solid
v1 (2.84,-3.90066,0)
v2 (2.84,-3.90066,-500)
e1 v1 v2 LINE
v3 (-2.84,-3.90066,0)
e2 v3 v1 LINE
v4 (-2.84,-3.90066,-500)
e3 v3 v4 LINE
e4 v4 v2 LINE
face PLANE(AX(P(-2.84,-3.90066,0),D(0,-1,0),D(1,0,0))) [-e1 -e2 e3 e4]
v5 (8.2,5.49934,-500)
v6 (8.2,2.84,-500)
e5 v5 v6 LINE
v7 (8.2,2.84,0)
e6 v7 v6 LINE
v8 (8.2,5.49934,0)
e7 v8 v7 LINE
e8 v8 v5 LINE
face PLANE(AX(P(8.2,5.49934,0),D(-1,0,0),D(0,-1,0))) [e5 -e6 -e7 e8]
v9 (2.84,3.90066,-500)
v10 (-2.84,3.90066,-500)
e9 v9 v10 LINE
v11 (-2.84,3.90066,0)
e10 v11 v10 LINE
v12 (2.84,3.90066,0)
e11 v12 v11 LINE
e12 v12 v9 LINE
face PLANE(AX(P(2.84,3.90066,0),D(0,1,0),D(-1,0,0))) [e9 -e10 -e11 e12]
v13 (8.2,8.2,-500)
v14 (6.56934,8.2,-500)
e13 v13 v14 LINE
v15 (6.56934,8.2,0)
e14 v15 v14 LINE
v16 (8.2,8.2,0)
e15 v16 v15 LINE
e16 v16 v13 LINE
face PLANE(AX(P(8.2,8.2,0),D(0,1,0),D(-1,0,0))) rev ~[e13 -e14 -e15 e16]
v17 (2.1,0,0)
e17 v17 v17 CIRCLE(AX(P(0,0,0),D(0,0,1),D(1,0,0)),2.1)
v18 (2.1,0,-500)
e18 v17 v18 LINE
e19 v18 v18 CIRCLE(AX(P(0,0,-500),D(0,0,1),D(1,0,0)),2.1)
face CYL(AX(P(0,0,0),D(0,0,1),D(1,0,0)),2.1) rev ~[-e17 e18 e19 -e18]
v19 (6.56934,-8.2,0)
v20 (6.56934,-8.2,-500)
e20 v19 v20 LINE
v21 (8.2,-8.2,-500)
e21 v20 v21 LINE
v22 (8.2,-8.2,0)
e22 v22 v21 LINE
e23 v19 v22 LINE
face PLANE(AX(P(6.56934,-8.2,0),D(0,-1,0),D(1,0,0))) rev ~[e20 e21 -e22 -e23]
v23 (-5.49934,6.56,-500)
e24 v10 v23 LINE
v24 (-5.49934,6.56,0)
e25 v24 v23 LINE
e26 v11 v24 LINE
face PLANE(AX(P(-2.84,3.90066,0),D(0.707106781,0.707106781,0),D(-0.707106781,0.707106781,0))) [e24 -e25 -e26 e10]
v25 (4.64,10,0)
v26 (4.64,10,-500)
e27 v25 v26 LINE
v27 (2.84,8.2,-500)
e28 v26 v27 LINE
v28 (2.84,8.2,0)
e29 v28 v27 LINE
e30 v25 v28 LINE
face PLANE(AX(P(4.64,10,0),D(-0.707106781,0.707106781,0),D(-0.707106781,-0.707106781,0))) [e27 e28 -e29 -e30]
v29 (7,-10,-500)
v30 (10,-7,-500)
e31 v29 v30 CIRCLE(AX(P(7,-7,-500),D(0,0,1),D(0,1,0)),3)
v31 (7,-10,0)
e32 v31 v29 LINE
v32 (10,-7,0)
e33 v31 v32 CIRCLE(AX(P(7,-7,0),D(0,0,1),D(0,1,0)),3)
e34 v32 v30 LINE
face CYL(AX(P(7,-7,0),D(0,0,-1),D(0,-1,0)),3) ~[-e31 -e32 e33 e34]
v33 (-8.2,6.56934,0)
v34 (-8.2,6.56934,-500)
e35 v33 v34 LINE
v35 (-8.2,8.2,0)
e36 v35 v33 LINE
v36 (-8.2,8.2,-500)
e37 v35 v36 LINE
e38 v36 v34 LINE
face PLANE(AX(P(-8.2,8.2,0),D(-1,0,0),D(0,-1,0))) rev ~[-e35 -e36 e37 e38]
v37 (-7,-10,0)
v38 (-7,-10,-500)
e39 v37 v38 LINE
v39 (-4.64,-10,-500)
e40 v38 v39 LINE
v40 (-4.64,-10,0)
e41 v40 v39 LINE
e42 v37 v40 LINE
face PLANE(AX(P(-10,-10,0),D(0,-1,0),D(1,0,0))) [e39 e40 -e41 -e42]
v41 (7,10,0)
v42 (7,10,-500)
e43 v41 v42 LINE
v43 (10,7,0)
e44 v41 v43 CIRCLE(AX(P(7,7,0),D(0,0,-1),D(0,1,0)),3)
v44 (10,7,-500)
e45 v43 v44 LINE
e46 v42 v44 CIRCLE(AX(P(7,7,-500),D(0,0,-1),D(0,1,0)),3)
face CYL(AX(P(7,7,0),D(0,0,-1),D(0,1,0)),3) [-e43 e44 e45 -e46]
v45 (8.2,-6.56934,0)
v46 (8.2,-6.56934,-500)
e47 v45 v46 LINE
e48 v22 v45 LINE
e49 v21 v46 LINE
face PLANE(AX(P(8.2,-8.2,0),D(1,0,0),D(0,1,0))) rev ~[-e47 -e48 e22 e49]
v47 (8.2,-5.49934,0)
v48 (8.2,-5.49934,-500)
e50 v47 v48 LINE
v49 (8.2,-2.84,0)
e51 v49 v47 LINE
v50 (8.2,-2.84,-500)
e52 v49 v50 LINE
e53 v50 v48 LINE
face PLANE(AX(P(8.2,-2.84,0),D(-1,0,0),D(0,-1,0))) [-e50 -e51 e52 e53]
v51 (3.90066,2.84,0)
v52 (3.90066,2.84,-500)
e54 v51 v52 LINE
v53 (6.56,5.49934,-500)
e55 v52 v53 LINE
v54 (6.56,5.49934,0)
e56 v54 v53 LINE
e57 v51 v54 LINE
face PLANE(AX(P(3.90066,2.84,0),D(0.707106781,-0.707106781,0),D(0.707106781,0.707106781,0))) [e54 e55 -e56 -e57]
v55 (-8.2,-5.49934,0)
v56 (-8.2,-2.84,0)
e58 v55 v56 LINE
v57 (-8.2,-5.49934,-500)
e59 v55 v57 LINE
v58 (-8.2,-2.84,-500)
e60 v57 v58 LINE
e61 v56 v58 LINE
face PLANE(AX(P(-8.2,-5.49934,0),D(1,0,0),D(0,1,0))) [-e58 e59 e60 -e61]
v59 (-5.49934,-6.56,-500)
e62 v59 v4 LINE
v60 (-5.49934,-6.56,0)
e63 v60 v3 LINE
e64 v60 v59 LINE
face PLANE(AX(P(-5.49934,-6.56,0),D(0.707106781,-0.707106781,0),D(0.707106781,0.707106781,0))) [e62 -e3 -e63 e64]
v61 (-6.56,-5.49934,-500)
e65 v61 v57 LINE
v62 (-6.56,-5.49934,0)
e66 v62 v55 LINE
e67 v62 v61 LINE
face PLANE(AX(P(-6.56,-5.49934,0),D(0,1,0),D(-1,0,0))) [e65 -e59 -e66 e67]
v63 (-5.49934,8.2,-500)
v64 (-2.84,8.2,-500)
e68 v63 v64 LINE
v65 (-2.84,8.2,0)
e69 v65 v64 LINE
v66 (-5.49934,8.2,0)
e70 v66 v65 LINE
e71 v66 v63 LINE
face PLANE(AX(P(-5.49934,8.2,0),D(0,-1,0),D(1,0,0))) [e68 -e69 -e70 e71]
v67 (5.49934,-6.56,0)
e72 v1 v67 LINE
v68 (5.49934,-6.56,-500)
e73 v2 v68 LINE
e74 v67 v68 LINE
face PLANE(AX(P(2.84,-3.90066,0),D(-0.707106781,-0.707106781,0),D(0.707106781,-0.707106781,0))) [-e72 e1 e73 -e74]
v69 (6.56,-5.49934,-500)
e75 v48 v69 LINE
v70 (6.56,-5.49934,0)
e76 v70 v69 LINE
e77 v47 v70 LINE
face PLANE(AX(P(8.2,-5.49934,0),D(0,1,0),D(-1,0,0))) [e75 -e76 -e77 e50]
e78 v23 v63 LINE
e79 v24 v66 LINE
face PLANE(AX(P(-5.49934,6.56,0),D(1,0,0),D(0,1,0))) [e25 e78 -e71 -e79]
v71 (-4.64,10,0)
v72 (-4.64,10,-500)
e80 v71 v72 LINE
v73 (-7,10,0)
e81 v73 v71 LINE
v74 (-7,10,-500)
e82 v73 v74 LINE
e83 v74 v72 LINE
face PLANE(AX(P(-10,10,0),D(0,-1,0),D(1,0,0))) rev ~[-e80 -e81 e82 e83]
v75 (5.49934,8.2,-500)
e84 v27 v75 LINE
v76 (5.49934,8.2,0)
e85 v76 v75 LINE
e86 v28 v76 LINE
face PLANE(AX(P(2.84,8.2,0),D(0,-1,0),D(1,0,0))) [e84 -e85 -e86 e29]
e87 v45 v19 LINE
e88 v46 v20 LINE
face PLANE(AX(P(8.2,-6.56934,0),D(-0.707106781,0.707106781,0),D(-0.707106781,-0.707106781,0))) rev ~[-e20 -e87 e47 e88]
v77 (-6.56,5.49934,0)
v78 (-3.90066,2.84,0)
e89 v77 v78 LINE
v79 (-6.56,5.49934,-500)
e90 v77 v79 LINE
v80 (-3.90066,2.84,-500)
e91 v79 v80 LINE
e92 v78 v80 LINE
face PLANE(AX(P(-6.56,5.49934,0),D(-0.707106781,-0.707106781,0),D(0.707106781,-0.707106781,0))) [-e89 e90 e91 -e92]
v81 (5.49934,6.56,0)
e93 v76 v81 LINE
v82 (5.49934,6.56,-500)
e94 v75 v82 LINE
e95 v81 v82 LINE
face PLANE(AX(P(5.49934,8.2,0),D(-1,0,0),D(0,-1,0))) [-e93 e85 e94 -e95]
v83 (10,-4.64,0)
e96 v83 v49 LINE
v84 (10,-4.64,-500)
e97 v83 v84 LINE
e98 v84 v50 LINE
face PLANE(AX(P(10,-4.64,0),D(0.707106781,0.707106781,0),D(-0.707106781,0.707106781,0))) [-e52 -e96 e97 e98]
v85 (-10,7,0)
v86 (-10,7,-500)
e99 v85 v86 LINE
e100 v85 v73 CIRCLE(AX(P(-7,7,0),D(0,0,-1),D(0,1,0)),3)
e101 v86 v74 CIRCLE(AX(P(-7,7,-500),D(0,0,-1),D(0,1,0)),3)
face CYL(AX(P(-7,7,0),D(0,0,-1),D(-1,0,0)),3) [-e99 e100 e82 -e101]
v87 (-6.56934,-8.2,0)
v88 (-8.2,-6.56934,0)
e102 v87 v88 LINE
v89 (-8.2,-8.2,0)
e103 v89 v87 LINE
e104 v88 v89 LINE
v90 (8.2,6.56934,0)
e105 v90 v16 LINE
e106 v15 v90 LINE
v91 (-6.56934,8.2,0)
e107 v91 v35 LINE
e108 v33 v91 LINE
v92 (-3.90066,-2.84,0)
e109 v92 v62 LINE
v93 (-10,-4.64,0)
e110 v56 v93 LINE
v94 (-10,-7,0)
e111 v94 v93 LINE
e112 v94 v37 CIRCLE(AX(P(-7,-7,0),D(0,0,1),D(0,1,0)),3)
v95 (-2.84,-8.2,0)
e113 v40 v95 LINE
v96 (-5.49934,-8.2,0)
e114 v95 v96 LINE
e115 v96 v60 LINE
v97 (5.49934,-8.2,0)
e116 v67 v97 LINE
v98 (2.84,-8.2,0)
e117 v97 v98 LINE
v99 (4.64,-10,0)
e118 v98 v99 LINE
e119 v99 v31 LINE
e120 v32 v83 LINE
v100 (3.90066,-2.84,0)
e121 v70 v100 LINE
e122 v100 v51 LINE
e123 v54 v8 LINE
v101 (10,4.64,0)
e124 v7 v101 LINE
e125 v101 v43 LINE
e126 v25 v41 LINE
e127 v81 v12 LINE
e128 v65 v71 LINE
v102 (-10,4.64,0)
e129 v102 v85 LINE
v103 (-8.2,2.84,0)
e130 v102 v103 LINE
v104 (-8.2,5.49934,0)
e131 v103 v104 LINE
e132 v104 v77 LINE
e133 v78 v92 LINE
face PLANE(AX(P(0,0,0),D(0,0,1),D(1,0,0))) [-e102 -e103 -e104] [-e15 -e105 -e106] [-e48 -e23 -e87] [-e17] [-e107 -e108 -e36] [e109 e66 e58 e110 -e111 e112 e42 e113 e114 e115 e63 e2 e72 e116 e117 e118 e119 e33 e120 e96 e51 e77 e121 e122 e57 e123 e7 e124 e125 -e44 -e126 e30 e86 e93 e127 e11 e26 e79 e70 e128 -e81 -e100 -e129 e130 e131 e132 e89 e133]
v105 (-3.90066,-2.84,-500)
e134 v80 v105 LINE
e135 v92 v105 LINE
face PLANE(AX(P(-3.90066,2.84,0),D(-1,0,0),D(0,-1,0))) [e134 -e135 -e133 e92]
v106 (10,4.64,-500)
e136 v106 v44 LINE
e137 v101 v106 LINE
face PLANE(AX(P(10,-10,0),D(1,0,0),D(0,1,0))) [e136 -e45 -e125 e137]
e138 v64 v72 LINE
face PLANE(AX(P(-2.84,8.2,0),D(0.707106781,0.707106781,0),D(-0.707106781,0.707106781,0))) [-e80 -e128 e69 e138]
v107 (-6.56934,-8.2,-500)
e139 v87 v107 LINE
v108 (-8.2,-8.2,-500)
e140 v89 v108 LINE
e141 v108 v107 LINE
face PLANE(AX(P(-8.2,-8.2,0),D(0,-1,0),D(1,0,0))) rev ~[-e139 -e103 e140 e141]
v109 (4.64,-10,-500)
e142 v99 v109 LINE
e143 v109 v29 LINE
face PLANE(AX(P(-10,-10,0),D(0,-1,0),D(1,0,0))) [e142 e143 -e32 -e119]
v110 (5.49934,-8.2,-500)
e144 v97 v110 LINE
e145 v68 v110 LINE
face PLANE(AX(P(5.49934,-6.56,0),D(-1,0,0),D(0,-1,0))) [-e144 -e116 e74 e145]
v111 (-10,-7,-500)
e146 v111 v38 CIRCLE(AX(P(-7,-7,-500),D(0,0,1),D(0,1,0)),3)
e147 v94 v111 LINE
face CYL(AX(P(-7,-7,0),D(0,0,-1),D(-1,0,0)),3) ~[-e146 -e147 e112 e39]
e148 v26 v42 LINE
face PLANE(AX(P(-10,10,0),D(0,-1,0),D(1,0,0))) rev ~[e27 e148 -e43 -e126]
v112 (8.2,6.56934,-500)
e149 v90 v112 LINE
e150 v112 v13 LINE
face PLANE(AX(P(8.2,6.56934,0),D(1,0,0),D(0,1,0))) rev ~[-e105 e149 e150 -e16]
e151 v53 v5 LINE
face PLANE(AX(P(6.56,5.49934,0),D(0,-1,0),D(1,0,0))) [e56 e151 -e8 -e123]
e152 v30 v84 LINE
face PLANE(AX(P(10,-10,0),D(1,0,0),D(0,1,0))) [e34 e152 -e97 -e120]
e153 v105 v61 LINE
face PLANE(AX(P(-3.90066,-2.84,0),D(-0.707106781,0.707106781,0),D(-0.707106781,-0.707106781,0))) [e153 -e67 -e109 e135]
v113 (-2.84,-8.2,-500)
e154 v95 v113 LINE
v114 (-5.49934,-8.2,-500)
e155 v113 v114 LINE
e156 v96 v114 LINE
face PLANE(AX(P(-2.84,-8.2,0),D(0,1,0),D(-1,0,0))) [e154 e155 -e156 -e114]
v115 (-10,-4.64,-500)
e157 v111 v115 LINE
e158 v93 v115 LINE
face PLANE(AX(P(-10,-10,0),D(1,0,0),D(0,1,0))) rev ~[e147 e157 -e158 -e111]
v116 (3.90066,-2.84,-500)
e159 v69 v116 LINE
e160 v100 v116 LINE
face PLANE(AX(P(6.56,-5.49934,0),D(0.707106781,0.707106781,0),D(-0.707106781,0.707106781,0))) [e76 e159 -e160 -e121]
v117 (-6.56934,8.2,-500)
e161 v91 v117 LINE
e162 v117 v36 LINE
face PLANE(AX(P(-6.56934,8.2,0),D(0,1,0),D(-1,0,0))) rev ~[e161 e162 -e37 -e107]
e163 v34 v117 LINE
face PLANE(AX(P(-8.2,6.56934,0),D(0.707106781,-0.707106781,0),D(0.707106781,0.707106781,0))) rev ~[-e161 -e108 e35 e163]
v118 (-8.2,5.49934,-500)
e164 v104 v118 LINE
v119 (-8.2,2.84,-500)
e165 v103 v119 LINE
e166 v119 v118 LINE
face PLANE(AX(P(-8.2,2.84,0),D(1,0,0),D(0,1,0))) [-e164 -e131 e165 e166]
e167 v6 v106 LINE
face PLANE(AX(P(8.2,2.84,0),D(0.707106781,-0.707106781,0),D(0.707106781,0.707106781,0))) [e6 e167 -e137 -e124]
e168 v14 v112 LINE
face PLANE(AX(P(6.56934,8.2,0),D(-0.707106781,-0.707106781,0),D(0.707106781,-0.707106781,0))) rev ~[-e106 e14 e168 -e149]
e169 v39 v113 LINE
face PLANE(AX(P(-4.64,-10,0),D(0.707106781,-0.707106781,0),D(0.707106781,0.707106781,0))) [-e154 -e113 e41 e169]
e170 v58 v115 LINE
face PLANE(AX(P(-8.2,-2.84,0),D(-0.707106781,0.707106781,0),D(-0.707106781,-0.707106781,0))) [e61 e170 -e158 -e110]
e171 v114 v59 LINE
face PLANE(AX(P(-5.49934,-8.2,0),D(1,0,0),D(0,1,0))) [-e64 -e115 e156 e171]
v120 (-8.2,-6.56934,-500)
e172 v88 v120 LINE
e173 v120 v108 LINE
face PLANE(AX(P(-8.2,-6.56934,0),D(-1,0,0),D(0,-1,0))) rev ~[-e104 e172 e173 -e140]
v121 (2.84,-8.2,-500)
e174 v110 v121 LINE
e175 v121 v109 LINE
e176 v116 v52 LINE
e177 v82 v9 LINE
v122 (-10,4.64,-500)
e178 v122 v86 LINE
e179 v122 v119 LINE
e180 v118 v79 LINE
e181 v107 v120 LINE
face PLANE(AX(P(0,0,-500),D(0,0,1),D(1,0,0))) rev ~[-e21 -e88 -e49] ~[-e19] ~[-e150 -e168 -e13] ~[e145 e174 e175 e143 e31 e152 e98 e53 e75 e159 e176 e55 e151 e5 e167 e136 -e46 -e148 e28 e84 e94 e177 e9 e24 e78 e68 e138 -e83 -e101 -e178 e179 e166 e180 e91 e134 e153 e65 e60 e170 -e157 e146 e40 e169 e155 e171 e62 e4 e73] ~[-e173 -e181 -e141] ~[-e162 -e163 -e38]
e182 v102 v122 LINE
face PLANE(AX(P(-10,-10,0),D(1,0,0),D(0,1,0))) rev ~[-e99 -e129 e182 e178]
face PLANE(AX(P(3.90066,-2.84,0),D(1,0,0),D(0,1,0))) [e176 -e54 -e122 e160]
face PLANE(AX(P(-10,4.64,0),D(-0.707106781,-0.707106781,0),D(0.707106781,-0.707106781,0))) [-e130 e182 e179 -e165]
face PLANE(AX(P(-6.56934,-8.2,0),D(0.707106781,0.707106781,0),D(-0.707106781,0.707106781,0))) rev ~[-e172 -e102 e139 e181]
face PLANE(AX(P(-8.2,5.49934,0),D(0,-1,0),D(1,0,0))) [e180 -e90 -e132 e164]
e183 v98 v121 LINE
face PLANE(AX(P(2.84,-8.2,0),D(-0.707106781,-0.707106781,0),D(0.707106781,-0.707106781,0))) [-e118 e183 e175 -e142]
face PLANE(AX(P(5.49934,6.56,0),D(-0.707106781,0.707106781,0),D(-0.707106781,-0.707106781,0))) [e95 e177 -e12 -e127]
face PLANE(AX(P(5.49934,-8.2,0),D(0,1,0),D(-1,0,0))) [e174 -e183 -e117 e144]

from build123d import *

# Parameters (mm, degrees)
SKETCH1_W           = 20
SKETCH1_H           = 20
BOSS_EXTRUDE1_DEPTH = 500
CUT_EXTRUDE2_REACH  = 502.2
CIRPATTERN1_COUNT   = 4
CUT_EXTRUDE3_REACH  = 502.2
SKETCH3_R           = 2.1
CUT_EXTRUDE4_REACH  = 502.2
CIRPATTERN2_COUNT   = 4
FILLET1_R           = 3


with BuildPart() as part:
    # Sketch1 → Boss-Extrude1 (new body)
    with BuildSketch(Plane.XY):
        Rectangle(SKETCH1_W, SKETCH1_H)
    extrude(amount=-BOSS_EXTRUDE1_DEPTH)

    # Sketch2 → Cut-Extrude2 (cut, up to next)
    with BuildSketch(Plane.XY, mode=Mode.PRIVATE) as cut_extrude2_sk1:
        Polygon((-5.499339828, -6.56), (-2.84, -3.900660172), (2.84, -3.900660172), (5.499339828, -6.56), (5.499339828, -8.2), (2.84, -8.2), (4.64, -10), (-4.64, -10), (-2.84, -8.2), (-5.499339828, -8.2), align=None)
    cut_extrude2_tool1 = extrude(cut_extrude2_sk1.sketch, amount=-CUT_EXTRUDE2_REACH, mode=Mode.PRIVATE) & part.part
    cut_extrude2 = cut_extrude2_tool1.solids().sort_by_distance((0, -6.999797, 0))[0]
    add(cut_extrude2, mode=Mode.SUBTRACT)

    # CirPattern1: Cut-Extrude2 ×4 about axis
    cirpattern1_axis = Axis((0, 0, -525), (0, 0, 1))
    for i in range(1, CIRPATTERN1_COUNT):
        add(cut_extrude2.rotate(cirpattern1_axis, i * 360 / CIRPATTERN1_COUNT), mode=Mode.SUBTRACT)

    # Sketch3 → Cut-Extrude3 (cut, up to next)
    with BuildSketch(Plane.XY, mode=Mode.PRIVATE) as cut_extrude3_sk1:
        Circle(SKETCH3_R)
    cut_extrude3_tool1 = extrude(cut_extrude3_sk1.sketch, amount=-CUT_EXTRUDE3_REACH, mode=Mode.PRIVATE) & part.part
    add(cut_extrude3_tool1.solids().sort_by_distance((0, 0, 0))[0], mode=Mode.SUBTRACT)

    # Sketch4 → Cut-Extrude4 (cut, up to next)
    with BuildSketch(Plane.XY, mode=Mode.PRIVATE) as cut_extrude4_sk1:
        Polygon((-8.2, 8.2), (-8.2, 6.569339828), (-6.569339828, 8.2), align=None)
    cut_extrude4_tool1 = extrude(cut_extrude4_sk1.sketch, amount=-CUT_EXTRUDE4_REACH, mode=Mode.PRIVATE) & part.part
    cut_extrude4 = cut_extrude4_tool1.solids().sort_by_distance((-7.656447, 7.656447, 0))[0]
    add(cut_extrude4, mode=Mode.SUBTRACT)

    # CirPattern2: Cut-Extrude4 ×4 about axis
    cirpattern2_axis = Axis((0, 0, -525), (0, 0, 1))
    for i in range(1, CIRPATTERN2_COUNT):
        add(cut_extrude4.rotate(cirpattern2_axis, i * 360 / CIRPATTERN2_COUNT), mode=Mode.SUBTRACT)

    # Fillet1
    fillet1_edges = [part.edges().sort_by_distance(p)[0] for p in [
        (-10, -10, -250),
        (-10, 10, -250),
        (10, 10, -250),
        (10, -10, -250),
    ]]
    fillet(fillet1_edges, radius=FILLET1_R)


solid = part.part
